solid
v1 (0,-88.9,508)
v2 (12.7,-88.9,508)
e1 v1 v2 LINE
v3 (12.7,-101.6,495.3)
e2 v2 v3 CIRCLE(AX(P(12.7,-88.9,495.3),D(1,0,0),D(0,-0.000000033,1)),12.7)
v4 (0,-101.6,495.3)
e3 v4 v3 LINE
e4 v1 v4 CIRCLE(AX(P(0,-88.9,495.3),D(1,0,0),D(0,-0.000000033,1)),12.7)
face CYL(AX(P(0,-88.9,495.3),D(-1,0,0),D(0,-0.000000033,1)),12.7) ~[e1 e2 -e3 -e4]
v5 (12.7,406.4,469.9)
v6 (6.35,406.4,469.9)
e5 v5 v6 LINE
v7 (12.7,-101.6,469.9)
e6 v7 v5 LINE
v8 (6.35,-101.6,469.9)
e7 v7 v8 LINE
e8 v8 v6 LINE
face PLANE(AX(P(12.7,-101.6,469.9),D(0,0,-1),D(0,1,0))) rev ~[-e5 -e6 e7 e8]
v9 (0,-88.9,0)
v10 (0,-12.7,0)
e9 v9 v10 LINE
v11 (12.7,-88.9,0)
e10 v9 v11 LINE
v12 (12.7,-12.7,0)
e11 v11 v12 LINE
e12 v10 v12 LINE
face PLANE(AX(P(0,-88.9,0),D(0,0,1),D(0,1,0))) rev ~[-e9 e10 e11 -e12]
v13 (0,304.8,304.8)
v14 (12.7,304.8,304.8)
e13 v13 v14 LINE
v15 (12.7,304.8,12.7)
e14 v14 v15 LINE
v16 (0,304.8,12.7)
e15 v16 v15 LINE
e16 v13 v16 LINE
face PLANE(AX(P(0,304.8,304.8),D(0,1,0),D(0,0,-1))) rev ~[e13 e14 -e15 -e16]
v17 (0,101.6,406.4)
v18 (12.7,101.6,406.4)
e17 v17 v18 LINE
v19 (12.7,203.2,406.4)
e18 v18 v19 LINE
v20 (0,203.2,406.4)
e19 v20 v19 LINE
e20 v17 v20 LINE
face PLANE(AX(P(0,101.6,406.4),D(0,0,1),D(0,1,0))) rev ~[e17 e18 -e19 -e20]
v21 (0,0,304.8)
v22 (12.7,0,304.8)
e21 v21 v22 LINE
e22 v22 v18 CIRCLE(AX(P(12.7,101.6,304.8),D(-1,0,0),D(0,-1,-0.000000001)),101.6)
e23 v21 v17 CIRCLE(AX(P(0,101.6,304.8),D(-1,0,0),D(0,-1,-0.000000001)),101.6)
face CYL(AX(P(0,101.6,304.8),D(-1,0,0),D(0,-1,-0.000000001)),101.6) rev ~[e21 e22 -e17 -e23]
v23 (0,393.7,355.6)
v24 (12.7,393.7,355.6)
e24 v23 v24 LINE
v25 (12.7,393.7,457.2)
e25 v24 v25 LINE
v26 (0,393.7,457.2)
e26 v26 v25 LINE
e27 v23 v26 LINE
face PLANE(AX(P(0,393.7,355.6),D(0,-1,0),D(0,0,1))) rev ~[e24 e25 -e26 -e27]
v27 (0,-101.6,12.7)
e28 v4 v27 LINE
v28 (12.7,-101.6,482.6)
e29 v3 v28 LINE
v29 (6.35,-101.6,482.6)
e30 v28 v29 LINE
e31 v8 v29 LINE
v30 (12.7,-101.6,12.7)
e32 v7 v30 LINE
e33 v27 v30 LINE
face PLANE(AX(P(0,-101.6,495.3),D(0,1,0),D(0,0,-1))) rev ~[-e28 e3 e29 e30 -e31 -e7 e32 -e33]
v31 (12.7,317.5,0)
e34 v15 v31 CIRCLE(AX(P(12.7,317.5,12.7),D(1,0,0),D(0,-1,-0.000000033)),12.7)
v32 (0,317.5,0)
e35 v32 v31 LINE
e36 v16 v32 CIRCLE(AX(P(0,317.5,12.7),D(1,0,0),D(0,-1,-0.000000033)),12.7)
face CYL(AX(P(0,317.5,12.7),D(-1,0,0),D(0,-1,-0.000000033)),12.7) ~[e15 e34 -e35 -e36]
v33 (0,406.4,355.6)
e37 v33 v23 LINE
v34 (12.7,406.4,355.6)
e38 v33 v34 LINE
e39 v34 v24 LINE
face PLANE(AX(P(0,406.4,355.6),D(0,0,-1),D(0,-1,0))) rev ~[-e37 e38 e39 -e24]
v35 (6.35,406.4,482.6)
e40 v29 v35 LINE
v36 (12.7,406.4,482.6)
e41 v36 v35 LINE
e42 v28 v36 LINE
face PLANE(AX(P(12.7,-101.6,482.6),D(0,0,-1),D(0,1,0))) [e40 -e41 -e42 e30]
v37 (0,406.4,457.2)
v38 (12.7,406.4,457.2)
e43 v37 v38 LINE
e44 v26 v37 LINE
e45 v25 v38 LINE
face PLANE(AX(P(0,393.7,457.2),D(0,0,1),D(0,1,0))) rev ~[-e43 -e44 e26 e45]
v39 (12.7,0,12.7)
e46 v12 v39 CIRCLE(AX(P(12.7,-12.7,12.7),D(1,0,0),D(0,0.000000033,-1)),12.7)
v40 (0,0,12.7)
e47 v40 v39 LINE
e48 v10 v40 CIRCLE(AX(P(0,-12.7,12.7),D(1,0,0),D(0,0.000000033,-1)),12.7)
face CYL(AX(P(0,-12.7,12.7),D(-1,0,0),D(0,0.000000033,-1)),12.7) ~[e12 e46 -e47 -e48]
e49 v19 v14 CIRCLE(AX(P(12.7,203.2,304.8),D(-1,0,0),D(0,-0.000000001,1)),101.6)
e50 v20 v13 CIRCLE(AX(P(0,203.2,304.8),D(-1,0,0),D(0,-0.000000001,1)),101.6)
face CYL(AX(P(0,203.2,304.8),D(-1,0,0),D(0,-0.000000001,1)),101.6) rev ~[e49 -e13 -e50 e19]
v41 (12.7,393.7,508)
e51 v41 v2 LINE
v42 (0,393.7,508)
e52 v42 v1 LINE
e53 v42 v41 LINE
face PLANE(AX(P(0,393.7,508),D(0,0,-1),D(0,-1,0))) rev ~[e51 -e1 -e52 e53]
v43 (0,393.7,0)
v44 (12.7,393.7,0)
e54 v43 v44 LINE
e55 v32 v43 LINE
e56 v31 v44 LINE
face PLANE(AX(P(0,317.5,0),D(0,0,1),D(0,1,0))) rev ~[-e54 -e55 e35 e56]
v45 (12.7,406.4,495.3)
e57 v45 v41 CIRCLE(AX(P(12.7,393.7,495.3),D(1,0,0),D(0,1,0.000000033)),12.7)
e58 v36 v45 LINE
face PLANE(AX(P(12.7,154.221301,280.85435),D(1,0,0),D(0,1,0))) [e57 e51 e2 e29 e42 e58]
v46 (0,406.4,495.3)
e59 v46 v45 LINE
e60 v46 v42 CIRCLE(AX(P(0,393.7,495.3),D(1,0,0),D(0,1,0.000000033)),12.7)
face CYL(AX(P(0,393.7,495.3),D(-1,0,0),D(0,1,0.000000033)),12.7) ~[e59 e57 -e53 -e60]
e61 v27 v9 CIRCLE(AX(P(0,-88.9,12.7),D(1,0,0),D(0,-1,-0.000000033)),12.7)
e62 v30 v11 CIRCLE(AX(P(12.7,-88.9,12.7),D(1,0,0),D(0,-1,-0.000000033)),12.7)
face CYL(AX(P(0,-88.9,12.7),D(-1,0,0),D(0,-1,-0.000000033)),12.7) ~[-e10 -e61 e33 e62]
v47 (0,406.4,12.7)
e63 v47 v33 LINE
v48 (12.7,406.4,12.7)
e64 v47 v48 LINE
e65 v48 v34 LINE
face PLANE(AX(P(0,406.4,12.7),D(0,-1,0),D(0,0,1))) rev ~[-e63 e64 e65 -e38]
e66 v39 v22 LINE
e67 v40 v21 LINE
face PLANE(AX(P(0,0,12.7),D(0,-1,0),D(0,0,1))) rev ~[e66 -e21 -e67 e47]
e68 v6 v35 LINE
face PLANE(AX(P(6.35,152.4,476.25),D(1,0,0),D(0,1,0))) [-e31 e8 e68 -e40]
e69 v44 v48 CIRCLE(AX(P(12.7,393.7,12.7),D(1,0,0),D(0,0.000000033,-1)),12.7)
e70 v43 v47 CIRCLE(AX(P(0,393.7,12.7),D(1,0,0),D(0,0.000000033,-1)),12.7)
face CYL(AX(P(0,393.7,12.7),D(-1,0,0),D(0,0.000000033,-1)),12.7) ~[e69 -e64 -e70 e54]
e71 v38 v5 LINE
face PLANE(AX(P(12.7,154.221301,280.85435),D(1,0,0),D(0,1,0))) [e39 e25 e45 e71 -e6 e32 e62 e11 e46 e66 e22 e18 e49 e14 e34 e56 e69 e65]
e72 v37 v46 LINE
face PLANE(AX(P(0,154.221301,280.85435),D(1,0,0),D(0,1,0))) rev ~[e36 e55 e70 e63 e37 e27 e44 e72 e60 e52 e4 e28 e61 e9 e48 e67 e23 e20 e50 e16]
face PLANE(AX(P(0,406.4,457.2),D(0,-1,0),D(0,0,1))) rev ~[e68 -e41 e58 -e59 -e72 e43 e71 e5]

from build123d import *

# Parameters (mm, degrees)
F1_DEPTH = 12.7
F2_W     = 508
F2_H     = 12.7
F3_DEPTH = 6.35


with BuildPart() as f1:
    # F0 (on Right) → F1 (new body)
    with BuildSketch(Plane.YZ):
        with BuildLine():
            ThreePointArc((-101.6, 12.7), (-97.880256, 3.719744), (-88.9, 0))
            Line((-88.9, 0), (-12.7, 0))
            ThreePointArc((-12.7, 0), (-3.719744, 3.719744), (0, 12.7))
            Line((0, 12.7), (0, 304.8))
            ThreePointArc((0, 304.8), (29.757951, 376.642049), (101.6, 406.4))
            Line((101.6, 406.4), (203.2, 406.4))
            ThreePointArc((203.2, 406.4), (275.042049, 376.642049), (304.8, 304.8))
            Line((304.8, 304.8), (304.8, 12.7))
            ThreePointArc((304.8, 12.7), (308.519744, 3.719744), (317.5, 0))
            Line((317.5, 0), (393.7, 0))
            ThreePointArc((393.7, 0), (402.680256, 3.719744), (406.4, 12.7))
            Line((406.4, 12.7), (406.4, 355.6))
            Line((406.4, 355.6), (393.7, 355.6))
            Line((393.7, 355.6), (393.7, 457.2))
            Line((393.7, 457.2), (406.4, 457.2))
            Line((406.4, 457.2), (406.4, 495.3))
            ThreePointArc((406.4, 495.3), (402.680256, 504.280256), (393.7, 508))
            Line((393.7, 508), (-88.9, 508))
            ThreePointArc((-88.9, 508), (-97.880256, 504.280256), (-101.6, 495.3))
            Line((-101.6, 495.3), (-101.6, 12.7))
        make_face()
    extrude(amount=F1_DEPTH)

    # F2 (on face) → F3 (cut)
    with BuildSketch(Plane.YZ.offset(12.7)):
        with Locations((152.4, 476.25)):
            Rectangle(F2_W, F2_H)
    extrude(amount=-F3_DEPTH, mode=Mode.SUBTRACT)


solid = f1.part
